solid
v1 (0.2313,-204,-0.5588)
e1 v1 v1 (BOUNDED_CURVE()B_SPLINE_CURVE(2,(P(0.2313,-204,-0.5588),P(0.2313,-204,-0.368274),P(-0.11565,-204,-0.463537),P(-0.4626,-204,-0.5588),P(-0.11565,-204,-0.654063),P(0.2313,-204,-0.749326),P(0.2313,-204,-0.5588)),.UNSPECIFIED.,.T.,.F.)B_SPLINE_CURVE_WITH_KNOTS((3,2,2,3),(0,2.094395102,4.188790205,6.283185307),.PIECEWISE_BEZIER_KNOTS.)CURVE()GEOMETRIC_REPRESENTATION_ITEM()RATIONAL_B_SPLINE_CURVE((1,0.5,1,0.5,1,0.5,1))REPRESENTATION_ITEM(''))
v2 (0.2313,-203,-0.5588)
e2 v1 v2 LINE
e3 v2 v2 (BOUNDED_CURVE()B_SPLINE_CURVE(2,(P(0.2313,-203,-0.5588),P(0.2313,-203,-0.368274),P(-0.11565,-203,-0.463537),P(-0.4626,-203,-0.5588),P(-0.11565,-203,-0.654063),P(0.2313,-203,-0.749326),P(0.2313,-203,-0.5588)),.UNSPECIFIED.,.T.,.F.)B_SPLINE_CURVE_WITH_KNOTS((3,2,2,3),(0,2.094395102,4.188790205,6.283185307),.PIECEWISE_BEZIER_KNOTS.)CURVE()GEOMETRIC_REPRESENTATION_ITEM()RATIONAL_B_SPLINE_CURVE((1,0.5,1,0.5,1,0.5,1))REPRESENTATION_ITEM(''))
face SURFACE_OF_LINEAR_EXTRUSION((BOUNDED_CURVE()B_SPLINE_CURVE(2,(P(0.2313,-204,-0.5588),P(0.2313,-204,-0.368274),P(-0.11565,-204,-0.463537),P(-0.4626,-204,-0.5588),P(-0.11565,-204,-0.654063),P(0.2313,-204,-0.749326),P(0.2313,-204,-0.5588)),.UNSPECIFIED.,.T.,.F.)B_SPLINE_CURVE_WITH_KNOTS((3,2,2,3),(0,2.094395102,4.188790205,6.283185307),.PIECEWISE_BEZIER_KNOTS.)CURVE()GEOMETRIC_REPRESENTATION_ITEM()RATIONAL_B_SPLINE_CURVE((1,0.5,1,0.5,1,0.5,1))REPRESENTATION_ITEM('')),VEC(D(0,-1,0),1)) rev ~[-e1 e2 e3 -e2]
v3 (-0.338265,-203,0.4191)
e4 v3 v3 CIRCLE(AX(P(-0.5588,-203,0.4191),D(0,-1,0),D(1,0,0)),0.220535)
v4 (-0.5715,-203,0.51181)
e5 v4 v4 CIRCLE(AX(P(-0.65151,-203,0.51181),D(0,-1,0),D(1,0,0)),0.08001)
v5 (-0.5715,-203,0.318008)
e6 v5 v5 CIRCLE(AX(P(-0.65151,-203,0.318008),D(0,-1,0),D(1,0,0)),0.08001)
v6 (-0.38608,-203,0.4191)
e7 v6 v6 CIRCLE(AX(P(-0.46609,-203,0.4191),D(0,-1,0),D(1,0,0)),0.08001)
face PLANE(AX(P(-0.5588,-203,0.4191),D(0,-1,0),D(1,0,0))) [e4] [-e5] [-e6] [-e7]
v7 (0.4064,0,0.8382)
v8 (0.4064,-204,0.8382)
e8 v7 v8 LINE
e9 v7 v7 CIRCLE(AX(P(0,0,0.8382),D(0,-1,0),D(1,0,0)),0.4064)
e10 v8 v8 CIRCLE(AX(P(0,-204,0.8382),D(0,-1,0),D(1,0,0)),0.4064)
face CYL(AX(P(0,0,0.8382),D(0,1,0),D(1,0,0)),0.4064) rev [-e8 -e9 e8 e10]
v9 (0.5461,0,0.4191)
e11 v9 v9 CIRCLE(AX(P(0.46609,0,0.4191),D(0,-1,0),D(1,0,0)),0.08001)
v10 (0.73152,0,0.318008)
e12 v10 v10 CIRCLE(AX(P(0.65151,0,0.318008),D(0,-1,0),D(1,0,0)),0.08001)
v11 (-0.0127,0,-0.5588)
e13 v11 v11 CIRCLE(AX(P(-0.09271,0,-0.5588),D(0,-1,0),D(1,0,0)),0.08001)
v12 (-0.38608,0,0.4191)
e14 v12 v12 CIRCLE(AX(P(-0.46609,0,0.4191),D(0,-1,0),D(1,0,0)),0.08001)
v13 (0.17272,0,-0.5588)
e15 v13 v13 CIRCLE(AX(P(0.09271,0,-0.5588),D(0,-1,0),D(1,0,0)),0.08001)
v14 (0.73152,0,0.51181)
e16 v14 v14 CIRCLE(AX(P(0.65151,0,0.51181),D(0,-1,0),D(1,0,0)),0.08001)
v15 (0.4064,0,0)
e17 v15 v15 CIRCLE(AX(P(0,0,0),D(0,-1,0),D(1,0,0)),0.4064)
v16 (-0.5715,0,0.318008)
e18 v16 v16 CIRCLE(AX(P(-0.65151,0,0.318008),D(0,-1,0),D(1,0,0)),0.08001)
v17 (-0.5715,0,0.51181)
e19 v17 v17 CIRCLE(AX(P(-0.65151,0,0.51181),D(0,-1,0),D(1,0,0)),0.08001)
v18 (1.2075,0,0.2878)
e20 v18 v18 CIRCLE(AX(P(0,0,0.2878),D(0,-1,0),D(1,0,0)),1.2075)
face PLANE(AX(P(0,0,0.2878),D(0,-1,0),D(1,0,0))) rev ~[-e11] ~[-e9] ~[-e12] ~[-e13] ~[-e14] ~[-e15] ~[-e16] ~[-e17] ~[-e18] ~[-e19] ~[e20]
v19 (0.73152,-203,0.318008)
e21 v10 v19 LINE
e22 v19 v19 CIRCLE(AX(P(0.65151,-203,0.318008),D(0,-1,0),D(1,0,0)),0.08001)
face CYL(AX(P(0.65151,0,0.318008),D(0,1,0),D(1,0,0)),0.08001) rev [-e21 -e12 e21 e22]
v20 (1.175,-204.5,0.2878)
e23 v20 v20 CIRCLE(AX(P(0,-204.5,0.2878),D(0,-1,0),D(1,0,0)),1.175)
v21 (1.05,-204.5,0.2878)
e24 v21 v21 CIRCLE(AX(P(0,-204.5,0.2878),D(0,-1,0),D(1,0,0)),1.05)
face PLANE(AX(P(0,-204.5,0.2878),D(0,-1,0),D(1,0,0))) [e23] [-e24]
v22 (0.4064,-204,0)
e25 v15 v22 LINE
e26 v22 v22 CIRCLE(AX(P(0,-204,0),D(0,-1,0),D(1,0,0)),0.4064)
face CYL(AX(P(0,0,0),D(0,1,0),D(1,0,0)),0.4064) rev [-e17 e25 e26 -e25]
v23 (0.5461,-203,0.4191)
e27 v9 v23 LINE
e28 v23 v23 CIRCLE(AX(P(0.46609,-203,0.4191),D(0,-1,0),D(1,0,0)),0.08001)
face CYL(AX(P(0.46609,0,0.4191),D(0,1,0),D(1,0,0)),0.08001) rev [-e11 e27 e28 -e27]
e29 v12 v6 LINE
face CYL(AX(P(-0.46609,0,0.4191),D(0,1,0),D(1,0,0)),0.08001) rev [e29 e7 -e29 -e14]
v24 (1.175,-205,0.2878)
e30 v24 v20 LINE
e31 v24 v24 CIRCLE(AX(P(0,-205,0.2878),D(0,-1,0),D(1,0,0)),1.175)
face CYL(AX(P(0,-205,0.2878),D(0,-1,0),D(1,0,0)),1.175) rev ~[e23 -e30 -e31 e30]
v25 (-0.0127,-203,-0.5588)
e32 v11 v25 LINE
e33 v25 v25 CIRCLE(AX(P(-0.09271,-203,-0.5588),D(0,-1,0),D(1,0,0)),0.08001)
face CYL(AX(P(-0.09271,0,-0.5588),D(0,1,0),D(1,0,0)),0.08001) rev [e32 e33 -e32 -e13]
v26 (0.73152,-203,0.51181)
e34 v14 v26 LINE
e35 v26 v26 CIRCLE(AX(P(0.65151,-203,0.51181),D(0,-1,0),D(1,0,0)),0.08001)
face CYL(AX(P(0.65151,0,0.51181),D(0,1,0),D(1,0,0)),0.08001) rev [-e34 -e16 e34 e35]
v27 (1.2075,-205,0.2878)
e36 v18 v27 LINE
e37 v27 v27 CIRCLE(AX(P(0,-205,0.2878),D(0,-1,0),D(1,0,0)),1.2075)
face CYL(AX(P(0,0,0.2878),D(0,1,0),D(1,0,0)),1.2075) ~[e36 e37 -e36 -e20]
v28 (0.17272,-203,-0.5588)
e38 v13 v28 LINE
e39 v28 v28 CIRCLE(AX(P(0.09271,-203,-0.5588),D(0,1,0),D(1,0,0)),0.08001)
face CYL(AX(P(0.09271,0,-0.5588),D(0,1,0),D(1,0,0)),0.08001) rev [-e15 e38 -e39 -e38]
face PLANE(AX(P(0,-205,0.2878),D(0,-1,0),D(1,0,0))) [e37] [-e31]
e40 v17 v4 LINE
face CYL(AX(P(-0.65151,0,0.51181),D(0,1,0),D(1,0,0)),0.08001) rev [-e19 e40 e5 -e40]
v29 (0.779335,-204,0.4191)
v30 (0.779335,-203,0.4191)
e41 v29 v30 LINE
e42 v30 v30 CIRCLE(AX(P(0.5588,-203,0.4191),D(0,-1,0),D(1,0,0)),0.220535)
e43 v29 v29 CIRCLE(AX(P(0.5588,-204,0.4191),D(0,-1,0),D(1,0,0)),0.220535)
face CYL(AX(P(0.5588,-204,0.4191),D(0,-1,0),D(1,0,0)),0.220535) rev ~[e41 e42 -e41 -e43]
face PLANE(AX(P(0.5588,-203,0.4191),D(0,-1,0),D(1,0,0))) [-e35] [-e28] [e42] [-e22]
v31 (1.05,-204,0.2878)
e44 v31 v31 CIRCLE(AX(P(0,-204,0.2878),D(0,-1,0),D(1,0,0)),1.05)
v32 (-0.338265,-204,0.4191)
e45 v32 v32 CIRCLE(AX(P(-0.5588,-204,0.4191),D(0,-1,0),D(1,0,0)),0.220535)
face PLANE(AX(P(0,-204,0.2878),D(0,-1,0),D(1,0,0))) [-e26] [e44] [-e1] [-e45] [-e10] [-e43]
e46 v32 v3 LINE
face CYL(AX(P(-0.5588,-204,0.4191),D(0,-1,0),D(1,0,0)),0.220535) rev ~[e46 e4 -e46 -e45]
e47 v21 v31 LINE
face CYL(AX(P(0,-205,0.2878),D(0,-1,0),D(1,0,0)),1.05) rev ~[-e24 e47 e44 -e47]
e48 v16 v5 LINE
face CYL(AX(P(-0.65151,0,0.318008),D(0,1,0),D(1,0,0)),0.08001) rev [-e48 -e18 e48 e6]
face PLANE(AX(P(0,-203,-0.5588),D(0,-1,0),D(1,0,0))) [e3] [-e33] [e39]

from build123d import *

# Parameters (mm, degrees)
F0_R     = 1.2075
F0_R_2   = 1.2
F0_R_3   = 1.05
F0_R_4   = 0.4064
F0_R_5   = 0.2205357301
F0_R_6   = 0.08001
F1_DEPTH = 205
F2_R     = 1.05
F2_R_2   = 0.08001
F2_R_3   = 0.4064
F3_DEPTH = 1
F4_R     = 0.220535
F4_R_2   = 0.08001
F5_DEPTH = 1
F6_R     = 1.175
F6_R_2   = 1.05
F7_DEPTH = 0.5


with BuildPart() as f1:
    # F0 (on Front) → F1 (new body)
    with BuildSketch(Plane.XZ):
        with Locations((0, 0.2878)):
            Circle(F0_R)
        with Locations((0, 0.2878)):
            Circle(F0_R_2, mode=Mode.SUBTRACT)
        with Locations((0, 0.2878)):
            Circle(F0_R_2)
        with Locations((0, 0.2878)):
            Circle(F0_R_3, mode=Mode.SUBTRACT)
        with Locations((0, 0.2878)):
            Circle(F0_R_3)
        with BuildLine():
            add(Edge.make_bspline(
                [(0.2313024888, -0.5588), (0.2313024888, -0.3679270245), (-0.1156512444, -0.4633635122), (-0.4626049777, -0.5588), (-0.1156512444, -0.6542364878), (0.2313024888, -0.7496729755), (0.2313024888, -0.5588)],
                knots=[0, 0, 0, 2.0943951024, 2.0943951024, 4.1887902048, 4.1887902048, 6.2831853072, 6.2831853072, 6.2831853072], degree=2, weights=[1, 0.5, 1, 0.5, 1, 0.5, 1]))
        make_face(mode=Mode.SUBTRACT)
        Circle(F0_R_4, mode=Mode.SUBTRACT)
        with Locations((-0.5588, 0.4191)):
            Circle(F0_R_5, mode=Mode.SUBTRACT)
        with Locations((0, 0.8382)):
            Circle(F0_R_4, mode=Mode.SUBTRACT)
        with Locations((0.5588, 0.4191)):
            Circle(F0_R_5, mode=Mode.SUBTRACT)
        with Locations((-0.5588, 0.4191)):
            Circle(F0_R_5)
        with Locations((-0.65151, 0.318008)):
            Circle(F0_R_6, mode=Mode.SUBTRACT)
        with Locations((-0.65151, 0.51181)):
            Circle(F0_R_6, mode=Mode.SUBTRACT)
        with Locations((-0.46609, 0.4191)):
            Circle(F0_R_6, mode=Mode.SUBTRACT)
        with Locations((0.5588, 0.4191)):
            Circle(F0_R_5)
        with Locations((0.46609, 0.4191)):
            Circle(F0_R_6, mode=Mode.SUBTRACT)
        with Locations((0.65151, 0.318008)):
            Circle(F0_R_6, mode=Mode.SUBTRACT)
        with Locations((0.65151, 0.51181)):
            Circle(F0_R_6, mode=Mode.SUBTRACT)
        with BuildLine():
            add(Edge.make_bspline(
                [(0.2313024888, -0.5588), (0.2313024888, -0.3679270245), (-0.1156512444, -0.4633635122), (-0.4626049777, -0.5588), (-0.1156512444, -0.6542364878), (0.2313024888, -0.7496729755), (0.2313024888, -0.5588)],
                knots=[0, 0, 0, 2.0943951024, 2.0943951024, 4.1887902048, 4.1887902048, 6.2831853072, 6.2831853072, 6.2831853072], degree=2, weights=[1, 0.5, 1, 0.5, 1, 0.5, 1]))
        make_face()
        with Locations((-0.09271, -0.5588)):
            Circle(F0_R_6, mode=Mode.SUBTRACT)
        with Locations((0.09271, -0.5588)):
            Circle(F0_R_6, mode=Mode.SUBTRACT)
    extrude(amount=F1_DEPTH)

    # F2 (on face) → F3 (cut)
    with BuildSketch(Plane.XZ.offset(205)):
        with Locations((0, 0.2878)):
            Circle(F2_R)
        with Locations((-0.09271, -0.5588)):
            Circle(F2_R_2, mode=Mode.SUBTRACT)
        Circle(F2_R_3, mode=Mode.SUBTRACT)
        with Locations((0.09271, -0.5588)):
            Circle(F2_R_2, mode=Mode.SUBTRACT)
        with Locations((-0.65151, 0.318008)):
            Circle(F2_R_2, mode=Mode.SUBTRACT)
        with Locations((-0.65151, 0.51181)):
            Circle(F2_R_2, mode=Mode.SUBTRACT)
        with Locations((-0.46609, 0.4191)):
            Circle(F2_R_2, mode=Mode.SUBTRACT)
        with Locations((0, 0.8382)):
            Circle(F2_R_3, mode=Mode.SUBTRACT)
        with Locations((0.46609, 0.4191)):
            Circle(F2_R_2, mode=Mode.SUBTRACT)
        with Locations((0.65151, 0.318008)):
            Circle(F2_R_2, mode=Mode.SUBTRACT)
        with Locations((0.65151, 0.51181)):
            Circle(F2_R_2, mode=Mode.SUBTRACT)
    extrude(amount=-F3_DEPTH, mode=Mode.SUBTRACT)

    # F4 (on face) → F5 (cut)
    with BuildSketch(Plane.XZ.offset(204)):
        with Locations((-0.5588, 0.4191)):
            Circle(F4_R)
        with Locations((-0.65151, 0.318008)):
            Circle(F4_R_2, mode=Mode.SUBTRACT)
        with Locations((-0.65151, 0.51181)):
            Circle(F4_R_2, mode=Mode.SUBTRACT)
        with Locations((-0.46609, 0.4191)):
            Circle(F4_R_2, mode=Mode.SUBTRACT)
        with Locations((0.5588, 0.4191)):
            Circle(F4_R)
        with Locations((0.46609, 0.4191)):
            Circle(F4_R_2, mode=Mode.SUBTRACT)
        with Locations((0.65151, 0.318008)):
            Circle(F4_R_2, mode=Mode.SUBTRACT)
        with Locations((0.65151, 0.51181)):
            Circle(F4_R_2, mode=Mode.SUBTRACT)
        with BuildLine():
            add(Edge.make_bspline(
                [(0.2313, -0.5588), (0.2313, -0.3682744112), (-0.11565, -0.4635372056), (-0.4626, -0.5588), (-0.11565, -0.6540627944), (0.2313, -0.7493255888), (0.2313, -0.5588)],
                knots=[0, 0, 0, 2.0943951024, 2.0943951024, 4.1887902048, 4.1887902048, 6.2831853072, 6.2831853072, 6.2831853072], degree=2, weights=[1, 0.5, 1, 0.5, 1, 0.5, 1]))
        make_face()
        with Locations((-0.09271, -0.5588)):
            Circle(F4_R_2, mode=Mode.SUBTRACT)
        with BuildLine():
            ThreePointArc((0.0127, -0.5588), (0.09271, -0.47879), (0.17272, -0.5588))
            ThreePointArc((0.17272, -0.5588), (0.09271, -0.63881), (0.0127, -0.5588))
        make_face(mode=Mode.SUBTRACT)
    extrude(amount=-F5_DEPTH, mode=Mode.SUBTRACT)

    # F6 (on face) → F7 (cut)
    with BuildSketch(Plane.XZ.offset(205)):
        with Locations((0, 0.2878)):
            Circle(F6_R)
        with Locations((0, 0.2878)):
            Circle(F6_R_2, mode=Mode.SUBTRACT)
    extrude(amount=-F7_DEPTH, mode=Mode.SUBTRACT)


solid = f1.part
